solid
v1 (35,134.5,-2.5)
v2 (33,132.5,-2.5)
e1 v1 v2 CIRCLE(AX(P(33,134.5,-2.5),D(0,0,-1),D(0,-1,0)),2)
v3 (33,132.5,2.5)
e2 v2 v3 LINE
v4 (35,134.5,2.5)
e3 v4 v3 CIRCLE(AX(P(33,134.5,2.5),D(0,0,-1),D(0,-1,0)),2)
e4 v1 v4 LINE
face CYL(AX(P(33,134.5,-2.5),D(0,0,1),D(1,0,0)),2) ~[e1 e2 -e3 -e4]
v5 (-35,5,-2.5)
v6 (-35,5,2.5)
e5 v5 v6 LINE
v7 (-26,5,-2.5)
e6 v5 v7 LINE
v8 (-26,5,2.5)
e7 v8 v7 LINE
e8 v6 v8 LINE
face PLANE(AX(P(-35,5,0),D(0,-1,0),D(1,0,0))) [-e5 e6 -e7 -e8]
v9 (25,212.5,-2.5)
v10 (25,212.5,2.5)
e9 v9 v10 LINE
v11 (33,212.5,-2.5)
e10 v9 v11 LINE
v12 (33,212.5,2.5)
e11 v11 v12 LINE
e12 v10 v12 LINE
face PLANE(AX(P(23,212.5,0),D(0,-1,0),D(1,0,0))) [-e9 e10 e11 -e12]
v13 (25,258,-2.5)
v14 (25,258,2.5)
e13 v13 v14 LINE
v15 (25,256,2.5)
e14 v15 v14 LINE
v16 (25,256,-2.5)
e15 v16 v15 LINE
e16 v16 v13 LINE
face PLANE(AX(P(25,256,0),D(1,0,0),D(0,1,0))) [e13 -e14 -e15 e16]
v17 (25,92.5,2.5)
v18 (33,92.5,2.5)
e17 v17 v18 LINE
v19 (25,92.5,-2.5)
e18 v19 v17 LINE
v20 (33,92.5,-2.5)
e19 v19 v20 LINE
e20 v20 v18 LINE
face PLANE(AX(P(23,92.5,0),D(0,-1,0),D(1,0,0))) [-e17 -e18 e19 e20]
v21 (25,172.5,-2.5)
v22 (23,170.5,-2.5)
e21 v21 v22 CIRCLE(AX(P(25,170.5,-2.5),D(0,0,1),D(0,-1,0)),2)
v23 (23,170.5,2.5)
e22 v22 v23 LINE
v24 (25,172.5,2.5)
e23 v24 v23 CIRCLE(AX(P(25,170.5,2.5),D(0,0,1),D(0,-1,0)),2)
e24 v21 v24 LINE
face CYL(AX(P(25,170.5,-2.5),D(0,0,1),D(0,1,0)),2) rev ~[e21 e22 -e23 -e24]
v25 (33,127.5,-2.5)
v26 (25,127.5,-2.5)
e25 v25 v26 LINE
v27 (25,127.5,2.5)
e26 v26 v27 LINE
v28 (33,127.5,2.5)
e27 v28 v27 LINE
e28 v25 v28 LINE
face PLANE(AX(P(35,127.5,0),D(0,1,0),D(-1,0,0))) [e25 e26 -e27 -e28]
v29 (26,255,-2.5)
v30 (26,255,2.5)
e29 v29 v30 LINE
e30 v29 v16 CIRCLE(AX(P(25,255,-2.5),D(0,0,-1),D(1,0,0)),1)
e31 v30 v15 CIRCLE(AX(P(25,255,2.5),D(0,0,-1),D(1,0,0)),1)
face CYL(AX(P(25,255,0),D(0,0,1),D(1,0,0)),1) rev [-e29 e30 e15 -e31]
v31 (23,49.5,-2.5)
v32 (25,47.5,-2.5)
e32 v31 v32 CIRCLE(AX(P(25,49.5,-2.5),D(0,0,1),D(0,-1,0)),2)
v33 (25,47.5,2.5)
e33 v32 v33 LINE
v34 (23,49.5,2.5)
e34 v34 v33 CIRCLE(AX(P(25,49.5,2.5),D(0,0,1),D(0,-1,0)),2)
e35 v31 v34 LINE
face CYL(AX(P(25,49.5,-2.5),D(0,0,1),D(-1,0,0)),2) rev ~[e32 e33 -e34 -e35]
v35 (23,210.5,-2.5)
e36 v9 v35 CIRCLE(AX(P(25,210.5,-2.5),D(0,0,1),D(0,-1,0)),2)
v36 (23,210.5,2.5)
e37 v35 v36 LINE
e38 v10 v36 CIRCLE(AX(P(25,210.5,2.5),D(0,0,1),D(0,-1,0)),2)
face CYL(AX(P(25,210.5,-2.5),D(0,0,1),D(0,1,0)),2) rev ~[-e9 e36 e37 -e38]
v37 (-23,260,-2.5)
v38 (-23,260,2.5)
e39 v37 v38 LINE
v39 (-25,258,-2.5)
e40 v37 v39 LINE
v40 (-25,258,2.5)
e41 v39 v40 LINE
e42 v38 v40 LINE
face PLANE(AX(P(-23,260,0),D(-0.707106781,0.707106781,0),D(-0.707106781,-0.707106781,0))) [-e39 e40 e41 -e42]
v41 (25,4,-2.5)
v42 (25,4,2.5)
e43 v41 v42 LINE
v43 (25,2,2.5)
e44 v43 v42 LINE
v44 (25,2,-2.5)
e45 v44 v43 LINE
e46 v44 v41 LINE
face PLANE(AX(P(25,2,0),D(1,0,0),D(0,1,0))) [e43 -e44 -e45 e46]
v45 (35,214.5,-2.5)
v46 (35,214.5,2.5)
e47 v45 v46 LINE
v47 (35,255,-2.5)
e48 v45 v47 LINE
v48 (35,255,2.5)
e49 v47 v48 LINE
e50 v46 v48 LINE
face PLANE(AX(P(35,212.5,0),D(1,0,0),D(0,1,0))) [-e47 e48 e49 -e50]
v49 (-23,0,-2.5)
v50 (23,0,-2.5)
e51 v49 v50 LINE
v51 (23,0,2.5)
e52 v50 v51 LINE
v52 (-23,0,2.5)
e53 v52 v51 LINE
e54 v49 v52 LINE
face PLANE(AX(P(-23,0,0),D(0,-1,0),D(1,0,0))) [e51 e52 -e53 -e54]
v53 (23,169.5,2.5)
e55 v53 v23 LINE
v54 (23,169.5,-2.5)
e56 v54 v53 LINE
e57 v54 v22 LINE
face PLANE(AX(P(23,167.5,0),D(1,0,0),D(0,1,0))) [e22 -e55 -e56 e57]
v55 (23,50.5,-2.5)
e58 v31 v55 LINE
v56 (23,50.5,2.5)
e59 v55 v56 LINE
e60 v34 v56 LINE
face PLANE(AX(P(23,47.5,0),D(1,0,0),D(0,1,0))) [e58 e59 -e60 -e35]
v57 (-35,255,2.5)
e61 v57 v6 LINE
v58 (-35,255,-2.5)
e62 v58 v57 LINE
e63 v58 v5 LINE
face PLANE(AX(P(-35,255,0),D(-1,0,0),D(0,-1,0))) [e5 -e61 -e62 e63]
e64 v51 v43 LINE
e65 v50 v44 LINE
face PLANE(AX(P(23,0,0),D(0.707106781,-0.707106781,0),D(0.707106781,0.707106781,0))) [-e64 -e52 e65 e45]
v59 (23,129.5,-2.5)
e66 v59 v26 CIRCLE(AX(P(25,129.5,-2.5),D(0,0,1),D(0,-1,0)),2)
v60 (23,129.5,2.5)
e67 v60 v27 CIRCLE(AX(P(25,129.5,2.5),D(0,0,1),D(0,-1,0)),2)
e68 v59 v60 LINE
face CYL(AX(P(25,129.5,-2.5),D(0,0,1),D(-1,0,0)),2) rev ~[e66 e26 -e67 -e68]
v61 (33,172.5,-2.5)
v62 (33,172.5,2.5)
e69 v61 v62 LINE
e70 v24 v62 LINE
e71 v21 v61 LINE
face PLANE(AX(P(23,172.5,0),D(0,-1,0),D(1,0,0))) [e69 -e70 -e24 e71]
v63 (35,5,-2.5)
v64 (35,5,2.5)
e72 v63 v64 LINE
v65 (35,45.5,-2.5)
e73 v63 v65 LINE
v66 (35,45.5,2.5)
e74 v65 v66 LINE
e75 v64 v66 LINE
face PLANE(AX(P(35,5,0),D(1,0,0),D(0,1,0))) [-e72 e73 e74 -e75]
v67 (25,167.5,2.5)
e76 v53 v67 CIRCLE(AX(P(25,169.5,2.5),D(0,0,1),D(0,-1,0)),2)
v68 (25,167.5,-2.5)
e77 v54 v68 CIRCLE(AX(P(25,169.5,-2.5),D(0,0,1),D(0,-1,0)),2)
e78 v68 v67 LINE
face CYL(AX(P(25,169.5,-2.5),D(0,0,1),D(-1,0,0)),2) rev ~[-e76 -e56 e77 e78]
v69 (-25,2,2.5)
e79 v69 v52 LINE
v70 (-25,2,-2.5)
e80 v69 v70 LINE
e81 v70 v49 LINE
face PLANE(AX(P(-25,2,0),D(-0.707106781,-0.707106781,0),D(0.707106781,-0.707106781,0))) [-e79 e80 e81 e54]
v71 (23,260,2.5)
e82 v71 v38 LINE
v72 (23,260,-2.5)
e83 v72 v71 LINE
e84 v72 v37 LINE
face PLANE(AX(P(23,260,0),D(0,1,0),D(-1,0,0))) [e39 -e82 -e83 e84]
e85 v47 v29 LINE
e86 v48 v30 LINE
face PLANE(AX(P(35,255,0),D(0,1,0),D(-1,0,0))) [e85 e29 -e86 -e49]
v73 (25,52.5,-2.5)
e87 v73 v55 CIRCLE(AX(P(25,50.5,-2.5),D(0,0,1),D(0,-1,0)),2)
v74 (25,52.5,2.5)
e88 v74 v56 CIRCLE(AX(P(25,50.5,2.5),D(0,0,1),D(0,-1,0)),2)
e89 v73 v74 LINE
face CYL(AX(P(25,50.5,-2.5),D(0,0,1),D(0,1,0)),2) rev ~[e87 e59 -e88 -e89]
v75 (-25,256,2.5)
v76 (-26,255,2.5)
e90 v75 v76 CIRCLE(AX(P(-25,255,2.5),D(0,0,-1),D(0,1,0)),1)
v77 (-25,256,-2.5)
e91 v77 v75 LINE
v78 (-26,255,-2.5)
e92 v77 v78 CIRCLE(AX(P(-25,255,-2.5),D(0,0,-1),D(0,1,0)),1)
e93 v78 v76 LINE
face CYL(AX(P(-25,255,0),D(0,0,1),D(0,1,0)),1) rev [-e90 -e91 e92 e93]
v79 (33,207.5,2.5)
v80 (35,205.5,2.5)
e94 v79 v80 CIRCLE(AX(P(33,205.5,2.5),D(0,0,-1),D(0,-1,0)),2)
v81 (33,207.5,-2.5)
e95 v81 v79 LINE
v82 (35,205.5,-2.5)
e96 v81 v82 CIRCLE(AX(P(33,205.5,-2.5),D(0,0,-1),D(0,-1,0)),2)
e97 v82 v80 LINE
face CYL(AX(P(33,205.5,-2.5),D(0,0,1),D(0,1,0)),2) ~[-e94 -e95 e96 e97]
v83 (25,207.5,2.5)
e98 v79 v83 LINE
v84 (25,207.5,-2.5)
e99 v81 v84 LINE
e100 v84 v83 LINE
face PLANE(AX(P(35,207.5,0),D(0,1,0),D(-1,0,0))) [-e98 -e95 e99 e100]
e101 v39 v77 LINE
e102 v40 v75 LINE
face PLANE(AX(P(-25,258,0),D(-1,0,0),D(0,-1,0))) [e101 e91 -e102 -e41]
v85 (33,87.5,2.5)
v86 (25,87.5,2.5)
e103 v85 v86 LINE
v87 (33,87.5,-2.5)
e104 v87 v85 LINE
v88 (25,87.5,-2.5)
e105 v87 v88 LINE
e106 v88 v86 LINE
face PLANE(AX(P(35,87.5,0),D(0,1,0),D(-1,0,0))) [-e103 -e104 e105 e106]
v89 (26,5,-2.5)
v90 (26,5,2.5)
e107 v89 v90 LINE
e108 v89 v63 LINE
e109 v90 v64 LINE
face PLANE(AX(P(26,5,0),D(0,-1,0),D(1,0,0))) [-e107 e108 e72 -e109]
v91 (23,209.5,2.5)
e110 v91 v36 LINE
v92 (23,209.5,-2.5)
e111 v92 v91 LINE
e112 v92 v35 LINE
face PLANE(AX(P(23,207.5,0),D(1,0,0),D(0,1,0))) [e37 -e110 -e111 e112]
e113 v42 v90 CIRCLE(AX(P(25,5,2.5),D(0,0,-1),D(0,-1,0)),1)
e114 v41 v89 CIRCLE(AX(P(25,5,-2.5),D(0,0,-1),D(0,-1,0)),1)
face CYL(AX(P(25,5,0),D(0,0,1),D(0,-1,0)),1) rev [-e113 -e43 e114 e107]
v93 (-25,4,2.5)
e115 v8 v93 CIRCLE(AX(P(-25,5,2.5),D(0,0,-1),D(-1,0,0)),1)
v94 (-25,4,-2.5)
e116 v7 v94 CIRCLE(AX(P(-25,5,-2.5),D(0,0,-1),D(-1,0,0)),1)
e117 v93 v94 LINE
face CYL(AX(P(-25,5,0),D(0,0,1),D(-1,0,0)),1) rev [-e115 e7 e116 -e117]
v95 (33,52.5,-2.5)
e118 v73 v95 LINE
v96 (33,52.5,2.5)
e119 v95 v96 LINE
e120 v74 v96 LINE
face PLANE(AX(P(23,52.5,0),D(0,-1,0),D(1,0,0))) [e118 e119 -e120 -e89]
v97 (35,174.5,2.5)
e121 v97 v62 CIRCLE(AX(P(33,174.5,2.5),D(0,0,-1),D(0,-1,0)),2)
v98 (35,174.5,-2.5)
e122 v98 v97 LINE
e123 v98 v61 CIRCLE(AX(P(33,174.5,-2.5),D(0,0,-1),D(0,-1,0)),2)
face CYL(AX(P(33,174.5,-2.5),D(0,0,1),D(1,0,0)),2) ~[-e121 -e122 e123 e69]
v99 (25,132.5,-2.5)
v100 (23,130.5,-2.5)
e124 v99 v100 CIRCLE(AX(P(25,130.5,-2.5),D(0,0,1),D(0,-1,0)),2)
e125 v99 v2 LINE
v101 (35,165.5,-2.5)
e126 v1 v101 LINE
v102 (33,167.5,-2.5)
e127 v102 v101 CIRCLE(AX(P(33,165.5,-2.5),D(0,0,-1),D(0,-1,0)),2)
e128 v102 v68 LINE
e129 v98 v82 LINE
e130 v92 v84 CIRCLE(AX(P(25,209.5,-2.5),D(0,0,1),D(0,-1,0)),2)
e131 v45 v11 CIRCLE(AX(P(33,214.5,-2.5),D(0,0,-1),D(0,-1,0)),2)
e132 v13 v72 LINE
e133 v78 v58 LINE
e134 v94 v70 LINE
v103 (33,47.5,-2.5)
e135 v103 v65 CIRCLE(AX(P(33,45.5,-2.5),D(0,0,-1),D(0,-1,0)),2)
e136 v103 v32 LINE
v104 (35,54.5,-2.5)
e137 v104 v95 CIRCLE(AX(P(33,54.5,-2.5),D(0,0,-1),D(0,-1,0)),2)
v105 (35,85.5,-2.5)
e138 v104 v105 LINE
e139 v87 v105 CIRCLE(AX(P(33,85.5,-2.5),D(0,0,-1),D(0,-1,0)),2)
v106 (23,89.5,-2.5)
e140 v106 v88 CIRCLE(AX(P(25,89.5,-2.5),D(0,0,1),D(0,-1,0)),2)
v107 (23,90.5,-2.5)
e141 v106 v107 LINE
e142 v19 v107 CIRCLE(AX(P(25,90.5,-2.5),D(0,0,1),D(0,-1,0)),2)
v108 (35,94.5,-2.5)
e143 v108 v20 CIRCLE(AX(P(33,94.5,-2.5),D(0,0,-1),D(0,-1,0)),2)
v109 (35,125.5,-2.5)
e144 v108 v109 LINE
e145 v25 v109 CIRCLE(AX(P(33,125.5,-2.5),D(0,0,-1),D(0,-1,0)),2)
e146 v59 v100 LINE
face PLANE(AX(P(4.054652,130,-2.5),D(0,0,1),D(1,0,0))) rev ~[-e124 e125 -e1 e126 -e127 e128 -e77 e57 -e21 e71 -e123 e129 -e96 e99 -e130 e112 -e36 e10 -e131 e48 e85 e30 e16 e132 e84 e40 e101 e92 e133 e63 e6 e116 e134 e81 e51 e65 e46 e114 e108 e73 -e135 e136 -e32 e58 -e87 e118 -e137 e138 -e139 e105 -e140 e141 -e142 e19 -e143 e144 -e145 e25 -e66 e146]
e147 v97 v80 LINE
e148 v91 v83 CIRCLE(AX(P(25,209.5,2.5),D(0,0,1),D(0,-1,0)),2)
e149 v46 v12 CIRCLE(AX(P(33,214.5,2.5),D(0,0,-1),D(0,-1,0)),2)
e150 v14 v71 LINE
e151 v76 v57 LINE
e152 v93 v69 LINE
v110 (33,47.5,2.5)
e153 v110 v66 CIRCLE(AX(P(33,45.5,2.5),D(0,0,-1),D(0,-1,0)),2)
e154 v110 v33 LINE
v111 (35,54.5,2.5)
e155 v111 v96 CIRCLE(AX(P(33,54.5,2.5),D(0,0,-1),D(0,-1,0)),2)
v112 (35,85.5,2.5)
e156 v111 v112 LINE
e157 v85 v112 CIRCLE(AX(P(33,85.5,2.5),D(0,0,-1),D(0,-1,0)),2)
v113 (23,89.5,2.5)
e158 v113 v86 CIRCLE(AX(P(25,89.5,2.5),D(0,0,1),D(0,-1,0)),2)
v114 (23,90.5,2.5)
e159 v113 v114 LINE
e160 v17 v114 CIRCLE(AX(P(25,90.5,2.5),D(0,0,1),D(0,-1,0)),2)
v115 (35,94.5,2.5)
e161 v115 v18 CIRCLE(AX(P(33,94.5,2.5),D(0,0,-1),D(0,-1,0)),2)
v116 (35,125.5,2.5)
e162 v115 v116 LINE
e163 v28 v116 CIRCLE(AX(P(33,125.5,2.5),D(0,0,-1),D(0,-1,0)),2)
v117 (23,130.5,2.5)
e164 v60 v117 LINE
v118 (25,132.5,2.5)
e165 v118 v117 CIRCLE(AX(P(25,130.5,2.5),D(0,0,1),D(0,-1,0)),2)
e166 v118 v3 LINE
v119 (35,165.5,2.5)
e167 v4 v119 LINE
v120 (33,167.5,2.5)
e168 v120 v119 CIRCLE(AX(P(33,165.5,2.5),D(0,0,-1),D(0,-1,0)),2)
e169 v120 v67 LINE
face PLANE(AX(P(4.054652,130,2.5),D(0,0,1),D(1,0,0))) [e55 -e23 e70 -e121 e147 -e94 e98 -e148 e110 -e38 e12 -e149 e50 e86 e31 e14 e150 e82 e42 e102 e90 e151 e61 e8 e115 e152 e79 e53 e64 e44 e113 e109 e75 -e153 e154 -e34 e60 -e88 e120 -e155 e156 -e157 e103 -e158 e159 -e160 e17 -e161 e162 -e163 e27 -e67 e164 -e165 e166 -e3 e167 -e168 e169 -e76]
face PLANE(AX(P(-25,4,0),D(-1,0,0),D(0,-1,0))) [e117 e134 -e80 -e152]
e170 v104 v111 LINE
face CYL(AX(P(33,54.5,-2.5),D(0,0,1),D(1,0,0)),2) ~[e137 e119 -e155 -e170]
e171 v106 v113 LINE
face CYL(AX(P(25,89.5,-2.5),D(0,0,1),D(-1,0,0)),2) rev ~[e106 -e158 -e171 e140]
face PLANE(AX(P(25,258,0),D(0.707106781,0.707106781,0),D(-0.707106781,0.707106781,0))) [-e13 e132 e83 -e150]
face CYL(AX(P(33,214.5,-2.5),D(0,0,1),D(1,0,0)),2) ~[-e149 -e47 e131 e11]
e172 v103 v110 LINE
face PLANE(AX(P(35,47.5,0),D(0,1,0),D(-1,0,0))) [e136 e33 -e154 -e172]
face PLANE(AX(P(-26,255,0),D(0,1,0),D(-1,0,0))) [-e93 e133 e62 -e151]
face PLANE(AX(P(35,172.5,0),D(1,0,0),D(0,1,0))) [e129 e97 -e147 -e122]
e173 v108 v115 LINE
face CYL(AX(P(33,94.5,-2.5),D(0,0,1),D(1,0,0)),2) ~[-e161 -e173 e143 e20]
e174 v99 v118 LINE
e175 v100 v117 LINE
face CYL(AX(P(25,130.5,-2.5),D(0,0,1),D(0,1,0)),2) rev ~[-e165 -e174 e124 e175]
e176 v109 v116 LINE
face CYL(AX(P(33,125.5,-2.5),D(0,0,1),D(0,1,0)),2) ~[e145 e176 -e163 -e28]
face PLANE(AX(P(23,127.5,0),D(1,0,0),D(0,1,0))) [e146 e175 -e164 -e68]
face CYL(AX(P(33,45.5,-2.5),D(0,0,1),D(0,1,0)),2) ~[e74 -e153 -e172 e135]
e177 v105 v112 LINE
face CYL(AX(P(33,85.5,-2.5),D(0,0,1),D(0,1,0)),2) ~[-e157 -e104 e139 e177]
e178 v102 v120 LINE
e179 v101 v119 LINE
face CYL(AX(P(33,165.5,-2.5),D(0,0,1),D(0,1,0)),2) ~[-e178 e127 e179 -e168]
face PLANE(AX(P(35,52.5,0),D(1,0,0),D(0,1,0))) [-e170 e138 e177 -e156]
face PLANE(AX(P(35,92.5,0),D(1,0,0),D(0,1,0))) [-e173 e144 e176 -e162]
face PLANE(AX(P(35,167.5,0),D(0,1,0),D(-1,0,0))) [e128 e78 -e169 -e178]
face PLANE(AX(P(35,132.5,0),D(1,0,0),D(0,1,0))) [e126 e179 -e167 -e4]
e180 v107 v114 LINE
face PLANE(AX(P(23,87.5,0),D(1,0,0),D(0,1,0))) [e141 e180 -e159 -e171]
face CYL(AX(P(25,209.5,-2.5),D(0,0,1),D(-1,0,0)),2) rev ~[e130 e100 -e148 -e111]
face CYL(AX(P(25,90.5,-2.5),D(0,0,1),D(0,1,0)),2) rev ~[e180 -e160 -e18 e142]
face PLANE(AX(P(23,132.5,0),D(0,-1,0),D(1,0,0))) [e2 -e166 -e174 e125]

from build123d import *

# Parameters (mm, degrees)
EXTRUDE_1_DEPTH = 2.5
FILLET_1_R      = 2


with BuildPart() as part:
    # 草圖1 → 填料-伸長1 (new, symmetric)
    with BuildSketch(Plane.XY):
        with BuildLine():
            Line((-25, 2), (-23, 0))
            Line((-23, 0), (23, 0))
            Line((23, 0), (25, 2))
            Line((25, 2), (25, 4))
            ThreePointArc((25, 4), (24.292893219, 5.707106781), (26, 5))
            Line((26, 5), (35, 5))
            Line((35, 5), (35, 47.5))
            Line((35, 47.5), (23, 47.5))
            Line((23, 47.5), (23, 52.5))
            Line((23, 52.5), (35, 52.5))
            Line((35, 52.5), (35, 87.5))
            Line((35, 87.5), (23, 87.5))
            Line((23, 87.5), (23, 92.5))
            Line((23, 92.5), (35, 92.5))
            Line((35, 92.5), (35, 127.5))
            Line((35, 127.5), (23, 127.5))
            Line((23, 127.5), (23, 132.5))
            Line((23, 132.5), (35, 132.5))
            Line((35, 132.5), (35, 167.5))
            Line((35, 167.5), (23, 167.5))
            Line((23, 167.5), (23, 172.5))
            Line((23, 172.5), (35, 172.5))
            Line((35, 172.5), (35, 207.5))
            Line((35, 207.5), (23, 207.5))
            Line((23, 207.5), (23, 212.5))
            Line((23, 212.5), (35, 212.5))
            Line((35, 212.5), (35, 255))
            Line((35, 255), (26, 255))
            ThreePointArc((26, 255), (24.292893219, 254.292893219), (25, 256))
            Line((25, 256), (25, 258))
            Line((25, 258), (23, 260))
            Line((23, 260), (-23, 260))
            Line((-23, 260), (-25, 258))
            Line((-25, 258), (-25, 256))
            ThreePointArc((-25, 256), (-24.292893219, 254.292893219), (-26, 255))
            Line((-26, 255), (-35, 255))
            Line((-35, 255), (-35, 5))
            Line((-35, 5), (-26, 5))
            ThreePointArc((-26, 5), (-24.292893219, 5.707106781), (-25, 4))
            Line((-25, 4), (-25, 2))
        make_face()
    extrude(amount=EXTRUDE_1_DEPTH, both=True)

    # 圓角1
    fillet_1_edges = [part.edges().sort_by_distance(p)[0] for p in [
        (35, 47.5, 0),
        (23, 47.5, 0),
        (23, 52.5, 0),
        (35, 52.5, 0),
        (35, 87.5, 0),
        (23, 87.5, 0),
        (23, 92.5, 0),
        (35, 92.5, 0),
        (35, 127.5, 0),
        (23, 127.5, 0),
        (23, 132.5, 0),
        (35, 132.5, 0),
        (35, 167.5, 0),
        (23, 167.5, 0),
        (23, 172.5, 0),
        (35, 172.5, 0),
        (35, 207.5, 0),
        (23, 207.5, 0),
        (23, 212.5, 0),
        (35, 212.5, 0),
    ]]
    fillet(fillet_1_edges, radius=FILLET_1_R)


solid = part.part
